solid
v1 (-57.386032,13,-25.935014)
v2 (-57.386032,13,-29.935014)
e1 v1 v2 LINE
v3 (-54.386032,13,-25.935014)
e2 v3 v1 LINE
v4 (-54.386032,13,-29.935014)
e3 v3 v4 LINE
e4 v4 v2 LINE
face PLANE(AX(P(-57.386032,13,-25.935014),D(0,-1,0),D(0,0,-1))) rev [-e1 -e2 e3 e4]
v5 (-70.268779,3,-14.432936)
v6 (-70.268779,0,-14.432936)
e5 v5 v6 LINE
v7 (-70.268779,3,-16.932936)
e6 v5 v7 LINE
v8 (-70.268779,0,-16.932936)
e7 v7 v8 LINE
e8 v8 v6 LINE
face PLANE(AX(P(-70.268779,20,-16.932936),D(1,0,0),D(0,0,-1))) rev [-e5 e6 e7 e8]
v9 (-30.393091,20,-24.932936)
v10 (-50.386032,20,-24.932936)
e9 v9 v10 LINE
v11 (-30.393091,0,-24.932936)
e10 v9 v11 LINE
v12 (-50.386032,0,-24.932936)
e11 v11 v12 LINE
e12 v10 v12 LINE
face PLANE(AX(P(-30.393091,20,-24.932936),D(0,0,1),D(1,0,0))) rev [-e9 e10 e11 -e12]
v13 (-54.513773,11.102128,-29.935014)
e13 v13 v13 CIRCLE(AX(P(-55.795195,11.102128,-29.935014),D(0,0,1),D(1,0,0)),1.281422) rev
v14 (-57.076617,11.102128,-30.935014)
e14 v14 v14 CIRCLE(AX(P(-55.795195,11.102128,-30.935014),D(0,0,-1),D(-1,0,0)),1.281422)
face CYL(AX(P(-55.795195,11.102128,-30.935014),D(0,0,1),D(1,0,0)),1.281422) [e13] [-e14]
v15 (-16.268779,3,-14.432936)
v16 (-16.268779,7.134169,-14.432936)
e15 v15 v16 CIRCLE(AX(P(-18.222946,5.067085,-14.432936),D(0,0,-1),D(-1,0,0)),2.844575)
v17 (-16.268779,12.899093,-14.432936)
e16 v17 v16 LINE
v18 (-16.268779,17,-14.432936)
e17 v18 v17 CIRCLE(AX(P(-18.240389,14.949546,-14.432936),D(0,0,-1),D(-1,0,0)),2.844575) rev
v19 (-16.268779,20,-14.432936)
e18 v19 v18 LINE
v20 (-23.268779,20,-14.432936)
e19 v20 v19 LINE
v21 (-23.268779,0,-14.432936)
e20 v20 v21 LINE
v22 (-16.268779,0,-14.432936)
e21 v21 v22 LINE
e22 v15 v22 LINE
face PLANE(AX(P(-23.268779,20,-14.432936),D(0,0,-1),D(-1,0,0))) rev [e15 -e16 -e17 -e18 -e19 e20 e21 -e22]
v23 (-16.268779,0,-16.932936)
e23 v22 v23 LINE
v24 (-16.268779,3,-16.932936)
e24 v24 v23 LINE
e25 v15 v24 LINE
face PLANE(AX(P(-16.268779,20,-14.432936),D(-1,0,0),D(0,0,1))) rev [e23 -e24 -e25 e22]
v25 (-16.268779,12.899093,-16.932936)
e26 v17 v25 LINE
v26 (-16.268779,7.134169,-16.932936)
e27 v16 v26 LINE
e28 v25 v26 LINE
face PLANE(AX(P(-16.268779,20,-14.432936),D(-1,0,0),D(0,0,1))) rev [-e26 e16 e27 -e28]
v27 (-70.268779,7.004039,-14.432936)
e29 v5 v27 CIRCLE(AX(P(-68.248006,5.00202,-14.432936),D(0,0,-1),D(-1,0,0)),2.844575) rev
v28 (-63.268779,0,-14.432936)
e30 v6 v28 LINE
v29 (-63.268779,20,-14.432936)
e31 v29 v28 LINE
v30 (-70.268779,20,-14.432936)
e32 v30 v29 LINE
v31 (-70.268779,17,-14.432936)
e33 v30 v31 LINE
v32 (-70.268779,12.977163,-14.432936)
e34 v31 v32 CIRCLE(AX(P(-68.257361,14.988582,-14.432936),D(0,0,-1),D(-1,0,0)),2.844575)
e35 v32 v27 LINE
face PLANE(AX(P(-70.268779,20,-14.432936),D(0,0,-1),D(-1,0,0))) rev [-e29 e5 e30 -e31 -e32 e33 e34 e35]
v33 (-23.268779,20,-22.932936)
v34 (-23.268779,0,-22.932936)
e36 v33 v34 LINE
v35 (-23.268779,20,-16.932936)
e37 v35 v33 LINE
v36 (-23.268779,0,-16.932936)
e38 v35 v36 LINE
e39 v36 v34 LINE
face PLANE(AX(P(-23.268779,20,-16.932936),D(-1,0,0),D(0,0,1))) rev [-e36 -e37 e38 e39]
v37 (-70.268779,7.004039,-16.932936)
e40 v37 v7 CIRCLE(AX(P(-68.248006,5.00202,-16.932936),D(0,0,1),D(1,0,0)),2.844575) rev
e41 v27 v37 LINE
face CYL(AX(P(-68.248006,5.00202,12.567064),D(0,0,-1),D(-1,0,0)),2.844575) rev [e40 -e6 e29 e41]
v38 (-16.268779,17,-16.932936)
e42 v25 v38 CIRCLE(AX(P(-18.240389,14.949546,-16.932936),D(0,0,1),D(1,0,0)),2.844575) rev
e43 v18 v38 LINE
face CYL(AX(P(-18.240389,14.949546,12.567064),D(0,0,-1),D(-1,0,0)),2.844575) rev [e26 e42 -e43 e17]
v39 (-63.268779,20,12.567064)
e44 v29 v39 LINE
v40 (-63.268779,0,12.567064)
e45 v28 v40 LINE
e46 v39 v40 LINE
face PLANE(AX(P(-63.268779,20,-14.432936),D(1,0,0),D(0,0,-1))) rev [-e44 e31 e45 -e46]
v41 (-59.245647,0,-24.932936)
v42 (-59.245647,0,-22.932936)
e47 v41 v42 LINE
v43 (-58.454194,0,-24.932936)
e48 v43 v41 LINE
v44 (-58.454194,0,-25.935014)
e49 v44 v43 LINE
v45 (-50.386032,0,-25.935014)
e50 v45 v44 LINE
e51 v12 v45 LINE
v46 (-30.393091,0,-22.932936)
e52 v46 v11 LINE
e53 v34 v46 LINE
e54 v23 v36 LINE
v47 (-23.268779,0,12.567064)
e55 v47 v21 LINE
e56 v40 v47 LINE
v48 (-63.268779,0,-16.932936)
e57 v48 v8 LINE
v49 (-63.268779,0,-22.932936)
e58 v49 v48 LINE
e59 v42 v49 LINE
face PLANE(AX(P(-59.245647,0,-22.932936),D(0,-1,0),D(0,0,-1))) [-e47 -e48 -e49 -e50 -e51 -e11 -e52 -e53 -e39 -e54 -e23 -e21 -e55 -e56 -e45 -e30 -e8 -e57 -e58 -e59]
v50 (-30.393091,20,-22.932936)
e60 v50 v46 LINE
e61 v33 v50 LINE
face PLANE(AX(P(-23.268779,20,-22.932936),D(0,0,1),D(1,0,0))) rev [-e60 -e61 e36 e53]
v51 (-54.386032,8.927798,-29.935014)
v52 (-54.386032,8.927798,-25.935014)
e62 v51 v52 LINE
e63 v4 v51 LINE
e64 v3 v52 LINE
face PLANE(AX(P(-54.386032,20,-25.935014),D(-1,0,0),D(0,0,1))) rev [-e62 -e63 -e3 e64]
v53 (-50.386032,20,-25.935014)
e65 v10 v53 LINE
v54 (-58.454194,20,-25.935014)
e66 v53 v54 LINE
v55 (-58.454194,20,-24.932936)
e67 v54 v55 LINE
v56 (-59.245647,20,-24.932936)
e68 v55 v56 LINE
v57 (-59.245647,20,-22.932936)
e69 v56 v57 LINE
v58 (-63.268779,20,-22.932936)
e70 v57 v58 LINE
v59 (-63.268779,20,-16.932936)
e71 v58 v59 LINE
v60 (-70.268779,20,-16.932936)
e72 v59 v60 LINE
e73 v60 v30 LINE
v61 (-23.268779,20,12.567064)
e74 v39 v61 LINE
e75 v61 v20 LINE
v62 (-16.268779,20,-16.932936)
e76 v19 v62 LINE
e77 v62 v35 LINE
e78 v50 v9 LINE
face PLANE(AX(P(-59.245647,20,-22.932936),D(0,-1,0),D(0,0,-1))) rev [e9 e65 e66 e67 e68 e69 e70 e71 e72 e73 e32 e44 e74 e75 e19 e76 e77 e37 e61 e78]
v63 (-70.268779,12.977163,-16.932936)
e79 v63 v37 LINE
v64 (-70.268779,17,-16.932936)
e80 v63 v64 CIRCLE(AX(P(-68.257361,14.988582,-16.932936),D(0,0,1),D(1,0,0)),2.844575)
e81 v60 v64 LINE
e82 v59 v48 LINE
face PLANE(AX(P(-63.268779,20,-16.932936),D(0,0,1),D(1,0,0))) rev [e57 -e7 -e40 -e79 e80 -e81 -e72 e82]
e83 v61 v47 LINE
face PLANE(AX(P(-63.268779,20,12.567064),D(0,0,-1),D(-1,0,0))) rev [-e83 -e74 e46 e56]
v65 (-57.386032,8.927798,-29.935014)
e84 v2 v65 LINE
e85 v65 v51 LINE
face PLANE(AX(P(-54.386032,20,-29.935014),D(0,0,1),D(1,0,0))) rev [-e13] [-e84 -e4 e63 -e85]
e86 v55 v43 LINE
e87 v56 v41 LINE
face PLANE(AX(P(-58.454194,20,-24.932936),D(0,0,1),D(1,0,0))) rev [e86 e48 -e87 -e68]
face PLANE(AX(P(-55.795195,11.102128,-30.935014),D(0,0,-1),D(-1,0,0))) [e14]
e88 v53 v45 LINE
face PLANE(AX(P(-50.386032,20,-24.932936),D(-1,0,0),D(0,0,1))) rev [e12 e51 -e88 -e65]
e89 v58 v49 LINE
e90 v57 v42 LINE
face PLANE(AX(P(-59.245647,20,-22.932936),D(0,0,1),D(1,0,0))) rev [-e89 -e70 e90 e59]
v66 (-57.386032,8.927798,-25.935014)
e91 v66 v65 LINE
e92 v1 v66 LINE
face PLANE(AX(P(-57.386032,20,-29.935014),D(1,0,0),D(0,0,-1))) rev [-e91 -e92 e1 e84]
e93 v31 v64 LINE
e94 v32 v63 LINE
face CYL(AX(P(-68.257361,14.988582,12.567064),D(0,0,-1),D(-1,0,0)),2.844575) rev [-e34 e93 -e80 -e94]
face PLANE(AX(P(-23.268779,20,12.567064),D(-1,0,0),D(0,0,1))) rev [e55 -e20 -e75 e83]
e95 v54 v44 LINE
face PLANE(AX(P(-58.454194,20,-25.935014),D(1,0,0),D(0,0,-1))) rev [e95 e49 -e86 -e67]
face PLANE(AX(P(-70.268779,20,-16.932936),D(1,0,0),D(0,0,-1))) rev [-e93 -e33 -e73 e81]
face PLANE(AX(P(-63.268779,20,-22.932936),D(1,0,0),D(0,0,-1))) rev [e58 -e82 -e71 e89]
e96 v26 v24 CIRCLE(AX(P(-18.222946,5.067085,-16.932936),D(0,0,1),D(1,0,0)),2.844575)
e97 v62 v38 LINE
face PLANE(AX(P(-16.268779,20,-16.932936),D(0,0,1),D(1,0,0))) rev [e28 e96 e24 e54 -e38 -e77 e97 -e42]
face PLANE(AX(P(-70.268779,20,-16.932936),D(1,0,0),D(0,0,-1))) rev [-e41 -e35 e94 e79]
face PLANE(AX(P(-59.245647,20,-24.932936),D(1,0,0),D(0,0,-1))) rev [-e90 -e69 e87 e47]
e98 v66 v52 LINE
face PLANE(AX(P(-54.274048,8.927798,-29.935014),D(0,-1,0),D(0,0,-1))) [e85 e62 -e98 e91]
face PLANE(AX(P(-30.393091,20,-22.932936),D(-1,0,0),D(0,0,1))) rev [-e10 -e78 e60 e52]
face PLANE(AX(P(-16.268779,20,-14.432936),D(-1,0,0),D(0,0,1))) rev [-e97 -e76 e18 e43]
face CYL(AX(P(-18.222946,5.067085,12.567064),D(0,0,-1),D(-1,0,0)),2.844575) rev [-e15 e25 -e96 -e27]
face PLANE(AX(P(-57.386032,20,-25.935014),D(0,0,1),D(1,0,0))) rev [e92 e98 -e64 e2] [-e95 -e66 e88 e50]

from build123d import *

# Parameters (mm, degrees)
BOSS_EXTRUDE1_DEPTH     = 20
SKETCH2_W               = 3.154933035
SKETCH2_H               = 9.663476497
CUT_EXTRUDE1_DEPTH      = 4
SKETCH3_W               = 3
SKETCH3_H               = 7
CUT_EXTRUDE2_DEPTH      = 4
SKETCH4_R               = 1.281422033
BOSS_EXTRUDE3_DEPTH     = 1
CUT_EXTRUDE3_DEPTH      = 79.790553635
CUT_EXTRUDE3_DEPTH_BACK = 79.790553635
CUT_EXTRUDE4_DEPTH      = 79.790553635
CUT_EXTRUDE4_DEPTH_BACK = 79.790553635


with BuildPart() as part:
    # Sketch1 → Boss-Extrude1 (new body)
    with BuildSketch(Plane(origin=(0, 0, 0), x_dir=(1, 0, 0), z_dir=(0, 1, 0))):
        Polygon((-59.245647318, 22.93293572), (-63.268779285, 22.93293572), (-63.268779285, 16.93293572), (-70.268779285, 16.93293572), (-70.268779285, 14.43293572), (-63.268779285, 14.43293572), (-63.268779285, -12.56706428), (-23.268779285, -12.56706428), (-23.268779285, 14.43293572), (-16.268779285, 14.43293572), (-16.268779285, 16.93293572), (-23.268779285, 16.93293572), (-23.268779285, 22.93293572), (-30.393090753, 22.93293572), (-30.393090753, 24.93293572), (-50.386032487, 24.93293572), (-50.386032487, 25.935013561), (-54.386032487, 25.935013561), (-54.386032487, 29.935013561), (-57.386032487, 29.935013561), (-57.386032487, 25.935013561), (-58.4541935, 25.935013561), (-58.4541935, 24.93293572), (-59.245647318, 24.93293572), align=None)
    extrude(amount=BOSS_EXTRUDE1_DEPTH)

    # Sketch2 → Cut-Extrude1 (cut)
    with BuildSketch(Plane(origin=(0, 0, -25.935013561), x_dir=(-1, 0, 0), z_dir=(0, 0, -1))):
        with Locations((55.851514708, 4.096059823)):
            Rectangle(SKETCH2_W, SKETCH2_H)
    extrude(amount=CUT_EXTRUDE1_DEPTH, mode=Mode.SUBTRACT)

    # Sketch3 → Cut-Extrude2 (cut)
    with BuildSketch(Plane(origin=(0, 0, -29.935013561), x_dir=(-1, 0, 0), z_dir=(0, 0, -1))):
        with Locations((55.886032487, 16.5)):
            Rectangle(SKETCH3_W, SKETCH3_H)
    extrude(amount=-CUT_EXTRUDE2_DEPTH, mode=Mode.SUBTRACT)

    # Sketch4 → Boss-Extrude3 (add)
    with BuildSketch(Plane(origin=(0, 0, -29.935013561), x_dir=(-1, 0, 0), z_dir=(0, 0, -1))):
        with Locations(Location((55.79519526, 11.102128328, 0), (0, 0, 180))):
            Circle(SKETCH4_R)
    extrude(amount=BOSS_EXTRUDE3_DEPTH)

    # Sketch5 → Cut-Extrude3 (cut, two sides: drawn at the far end of the back side and taken through both)
    with BuildSketch(Plane(origin=(0, 0, -16.93293572), x_dir=(-1, 0, 0), z_dir=(0, 0, -1)).offset(-CUT_EXTRUDE3_DEPTH_BACK)):
        with BuildLine():
            Line((70.268779285, 12.977163389), (70.268779285, 17))
            ThreePointArc((70.268779285, 17), (65.412785932, 14.988581694), (70.268779285, 12.977163389))
        make_face()
        with BuildLine():
            Line((70.268779285, 3), (70.268779285, 7.004039222))
            ThreePointArc((70.268779285, 7.004039222), (65.403430944, 5.002019611), (70.268779285, 3))
        make_face()
    extrude(amount=CUT_EXTRUDE3_DEPTH + CUT_EXTRUDE3_DEPTH_BACK, mode=Mode.SUBTRACT)

    # Sketch6 → Cut-Extrude4 (cut, two sides: drawn at the far end of the back side and taken through both)
    with BuildSketch(Plane(origin=(0, 0, -16.93293572), x_dir=(-1, 0, 0), z_dir=(0, 0, -1)).offset(-CUT_EXTRUDE4_DEPTH_BACK)):
        with BuildLine():
            Line((16.268779285, 17), (16.268779285, 12.89909256))
            ThreePointArc((16.268779285, 12.89909256), (21.084964529, 14.94954628), (16.268779285, 17))
        make_face()
        with BuildLine():
            Line((16.268779285, 7.134169091), (16.268779285, 3))
            ThreePointArc((16.268779285, 3), (21.067521343, 5.067084545), (16.268779285, 7.134169091))
        make_face()
    extrude(amount=CUT_EXTRUDE4_DEPTH + CUT_EXTRUDE4_DEPTH_BACK, mode=Mode.SUBTRACT)


solid = part.part
